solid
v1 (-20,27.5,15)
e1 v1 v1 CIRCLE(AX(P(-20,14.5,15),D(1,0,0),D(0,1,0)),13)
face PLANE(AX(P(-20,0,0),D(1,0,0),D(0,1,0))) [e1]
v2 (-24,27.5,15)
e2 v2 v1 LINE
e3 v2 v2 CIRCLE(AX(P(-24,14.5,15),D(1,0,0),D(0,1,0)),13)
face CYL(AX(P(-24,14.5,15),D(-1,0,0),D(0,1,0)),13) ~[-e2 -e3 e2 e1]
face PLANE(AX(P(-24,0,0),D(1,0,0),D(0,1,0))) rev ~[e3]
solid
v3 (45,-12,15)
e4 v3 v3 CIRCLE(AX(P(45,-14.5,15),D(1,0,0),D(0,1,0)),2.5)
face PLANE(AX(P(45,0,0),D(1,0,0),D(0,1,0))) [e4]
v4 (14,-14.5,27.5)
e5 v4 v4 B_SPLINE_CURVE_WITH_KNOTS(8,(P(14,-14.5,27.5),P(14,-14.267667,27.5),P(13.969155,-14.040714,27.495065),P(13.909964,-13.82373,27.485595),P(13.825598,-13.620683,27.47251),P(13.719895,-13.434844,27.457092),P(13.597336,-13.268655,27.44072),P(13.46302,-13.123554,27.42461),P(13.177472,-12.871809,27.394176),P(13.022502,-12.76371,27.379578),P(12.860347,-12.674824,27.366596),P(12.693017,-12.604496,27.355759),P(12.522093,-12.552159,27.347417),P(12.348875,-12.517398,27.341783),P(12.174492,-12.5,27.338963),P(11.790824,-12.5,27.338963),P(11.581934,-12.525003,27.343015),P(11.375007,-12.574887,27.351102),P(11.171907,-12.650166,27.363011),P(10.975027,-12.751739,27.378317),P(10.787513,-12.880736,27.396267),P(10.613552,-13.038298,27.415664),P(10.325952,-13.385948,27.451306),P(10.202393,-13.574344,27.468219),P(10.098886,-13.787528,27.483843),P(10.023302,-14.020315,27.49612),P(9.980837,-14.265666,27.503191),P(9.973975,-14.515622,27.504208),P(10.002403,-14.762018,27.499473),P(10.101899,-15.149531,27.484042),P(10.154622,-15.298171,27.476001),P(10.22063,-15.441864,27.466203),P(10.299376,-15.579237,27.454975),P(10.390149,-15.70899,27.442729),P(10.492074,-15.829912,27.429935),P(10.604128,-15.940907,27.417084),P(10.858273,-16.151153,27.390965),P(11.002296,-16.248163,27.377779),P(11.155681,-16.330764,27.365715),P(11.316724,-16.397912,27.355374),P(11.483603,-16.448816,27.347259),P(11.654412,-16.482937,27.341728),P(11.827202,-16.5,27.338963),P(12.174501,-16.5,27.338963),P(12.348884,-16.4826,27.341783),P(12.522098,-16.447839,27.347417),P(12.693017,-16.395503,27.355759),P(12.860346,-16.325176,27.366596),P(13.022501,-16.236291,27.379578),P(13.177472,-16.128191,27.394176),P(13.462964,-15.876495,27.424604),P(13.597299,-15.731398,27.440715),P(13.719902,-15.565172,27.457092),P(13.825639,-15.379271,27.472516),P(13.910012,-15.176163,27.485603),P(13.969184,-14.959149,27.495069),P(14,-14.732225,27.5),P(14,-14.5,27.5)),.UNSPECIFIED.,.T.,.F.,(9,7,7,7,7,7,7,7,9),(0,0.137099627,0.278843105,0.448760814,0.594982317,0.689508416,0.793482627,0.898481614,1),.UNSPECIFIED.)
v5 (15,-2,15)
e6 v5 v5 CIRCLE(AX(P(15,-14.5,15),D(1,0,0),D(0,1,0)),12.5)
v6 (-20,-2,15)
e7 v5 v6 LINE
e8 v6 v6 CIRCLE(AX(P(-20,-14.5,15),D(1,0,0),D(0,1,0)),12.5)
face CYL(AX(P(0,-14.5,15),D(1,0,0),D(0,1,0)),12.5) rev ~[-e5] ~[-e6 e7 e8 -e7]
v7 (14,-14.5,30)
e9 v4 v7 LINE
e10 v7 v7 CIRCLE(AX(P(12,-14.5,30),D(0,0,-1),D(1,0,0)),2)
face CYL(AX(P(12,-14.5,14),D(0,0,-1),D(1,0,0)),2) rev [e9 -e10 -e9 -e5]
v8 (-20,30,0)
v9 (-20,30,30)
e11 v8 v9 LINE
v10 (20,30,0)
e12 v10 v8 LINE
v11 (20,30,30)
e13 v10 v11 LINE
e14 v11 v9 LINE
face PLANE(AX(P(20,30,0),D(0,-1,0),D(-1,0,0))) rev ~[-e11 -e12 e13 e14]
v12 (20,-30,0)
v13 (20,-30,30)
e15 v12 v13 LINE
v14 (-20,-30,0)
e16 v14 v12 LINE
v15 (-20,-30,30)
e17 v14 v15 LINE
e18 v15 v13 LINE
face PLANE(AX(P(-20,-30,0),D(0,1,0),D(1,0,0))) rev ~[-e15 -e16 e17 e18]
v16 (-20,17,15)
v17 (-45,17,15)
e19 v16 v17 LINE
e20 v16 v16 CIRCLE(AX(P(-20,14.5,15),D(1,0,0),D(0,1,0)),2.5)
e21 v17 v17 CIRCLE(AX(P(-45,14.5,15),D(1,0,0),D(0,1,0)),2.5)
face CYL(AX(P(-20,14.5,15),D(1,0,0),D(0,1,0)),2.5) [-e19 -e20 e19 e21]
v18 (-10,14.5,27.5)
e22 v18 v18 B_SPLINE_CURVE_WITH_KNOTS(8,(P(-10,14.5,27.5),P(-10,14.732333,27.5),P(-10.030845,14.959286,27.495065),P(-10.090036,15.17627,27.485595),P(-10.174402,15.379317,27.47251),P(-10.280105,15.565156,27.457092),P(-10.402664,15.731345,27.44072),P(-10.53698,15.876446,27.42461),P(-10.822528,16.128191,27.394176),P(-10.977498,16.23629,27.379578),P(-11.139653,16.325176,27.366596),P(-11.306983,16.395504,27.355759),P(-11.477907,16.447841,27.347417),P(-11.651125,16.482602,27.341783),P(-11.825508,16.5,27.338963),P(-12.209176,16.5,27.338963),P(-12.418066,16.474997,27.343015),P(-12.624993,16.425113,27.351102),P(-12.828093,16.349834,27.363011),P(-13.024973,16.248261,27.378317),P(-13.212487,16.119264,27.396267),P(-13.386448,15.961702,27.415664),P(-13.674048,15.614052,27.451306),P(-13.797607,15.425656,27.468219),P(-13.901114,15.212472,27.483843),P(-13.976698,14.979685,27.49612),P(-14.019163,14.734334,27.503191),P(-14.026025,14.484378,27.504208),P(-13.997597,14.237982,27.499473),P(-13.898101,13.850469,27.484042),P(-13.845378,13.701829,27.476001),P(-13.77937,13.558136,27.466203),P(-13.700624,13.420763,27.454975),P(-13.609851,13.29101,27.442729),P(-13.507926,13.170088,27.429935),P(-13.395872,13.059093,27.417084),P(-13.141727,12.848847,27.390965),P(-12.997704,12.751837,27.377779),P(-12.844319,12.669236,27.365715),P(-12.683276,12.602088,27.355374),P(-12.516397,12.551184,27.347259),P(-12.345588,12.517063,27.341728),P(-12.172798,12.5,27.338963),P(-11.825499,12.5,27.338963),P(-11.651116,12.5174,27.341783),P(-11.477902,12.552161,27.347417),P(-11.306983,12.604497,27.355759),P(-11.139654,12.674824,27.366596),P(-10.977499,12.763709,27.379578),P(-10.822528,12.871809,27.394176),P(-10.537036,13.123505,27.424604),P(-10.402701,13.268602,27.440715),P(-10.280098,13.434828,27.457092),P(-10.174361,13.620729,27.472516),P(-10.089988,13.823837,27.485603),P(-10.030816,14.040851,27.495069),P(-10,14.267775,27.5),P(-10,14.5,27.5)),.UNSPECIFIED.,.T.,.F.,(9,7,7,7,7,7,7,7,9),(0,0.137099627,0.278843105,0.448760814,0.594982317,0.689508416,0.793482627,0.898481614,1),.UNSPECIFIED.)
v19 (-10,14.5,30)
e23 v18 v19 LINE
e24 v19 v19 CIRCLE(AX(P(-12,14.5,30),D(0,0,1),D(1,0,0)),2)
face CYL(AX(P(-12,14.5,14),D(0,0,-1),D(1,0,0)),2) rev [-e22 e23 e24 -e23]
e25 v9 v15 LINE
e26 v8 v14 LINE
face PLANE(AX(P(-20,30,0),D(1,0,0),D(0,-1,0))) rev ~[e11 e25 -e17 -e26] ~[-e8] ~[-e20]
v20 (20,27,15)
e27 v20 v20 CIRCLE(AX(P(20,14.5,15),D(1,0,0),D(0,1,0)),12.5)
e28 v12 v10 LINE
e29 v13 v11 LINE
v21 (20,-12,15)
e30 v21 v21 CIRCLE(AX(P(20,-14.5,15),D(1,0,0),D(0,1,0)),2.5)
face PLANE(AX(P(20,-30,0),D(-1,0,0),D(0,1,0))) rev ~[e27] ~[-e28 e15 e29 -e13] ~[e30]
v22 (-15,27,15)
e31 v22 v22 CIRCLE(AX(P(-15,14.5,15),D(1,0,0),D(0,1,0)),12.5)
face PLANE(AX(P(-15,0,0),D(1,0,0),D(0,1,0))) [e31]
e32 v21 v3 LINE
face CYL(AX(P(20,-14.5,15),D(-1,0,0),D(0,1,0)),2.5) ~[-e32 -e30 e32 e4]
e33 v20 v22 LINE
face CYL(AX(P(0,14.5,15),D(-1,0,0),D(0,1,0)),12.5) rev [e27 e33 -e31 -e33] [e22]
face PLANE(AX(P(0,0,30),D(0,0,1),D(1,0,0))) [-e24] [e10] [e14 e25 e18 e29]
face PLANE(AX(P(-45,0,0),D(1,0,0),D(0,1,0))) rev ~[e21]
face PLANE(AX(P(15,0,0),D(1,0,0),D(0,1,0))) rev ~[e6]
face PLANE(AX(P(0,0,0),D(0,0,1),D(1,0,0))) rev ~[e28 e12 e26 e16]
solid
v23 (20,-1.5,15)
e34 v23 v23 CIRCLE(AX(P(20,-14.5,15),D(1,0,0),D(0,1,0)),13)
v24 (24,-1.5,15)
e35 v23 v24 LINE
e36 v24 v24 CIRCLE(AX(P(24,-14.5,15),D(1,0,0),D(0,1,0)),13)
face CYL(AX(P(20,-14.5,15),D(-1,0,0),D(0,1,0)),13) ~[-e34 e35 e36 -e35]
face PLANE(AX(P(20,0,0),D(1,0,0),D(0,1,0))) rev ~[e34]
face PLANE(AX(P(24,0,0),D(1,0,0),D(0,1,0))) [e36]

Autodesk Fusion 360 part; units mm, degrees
sketch "Sketch1" plane through (0, 0, 0) normal (0, 0, 1) x (1, 0, 0)
  line L0 (-20, -30) -> (20, -30)
  line L1 (20, -30) -> (20, 30)
  line L2 (20, 30) -> (-20, 30)
  line L3 (-20, 30) -> (-20, -30)
extrude "Extrude1" add sketch "Sketch1" along normal blind 30 makes body 1
sketch "Sketch3" plane through (0, 0, 0) normal (1, 0, 0) x (0, 1, 0)
  circle A0 centre (14.5, 15) radius 12.5
  circle A1 centre (-14.5, 15) radius 12.5
extrude "Extrude2" cut sketch "Sketch3" along normal blind 20 and the other way blind 15 contours A0 bodies 1
extrude "Extrude3" cut sketch "Sketch3" along normal blind 15 and the other way blind 20 contours A1 bodies 1
sketch "Sketch4" plane through (0, 0, 0) normal (0, 0, 1) x (1, 0, 0)
  line L0 (0, -14.5) -> (12, -14.5)
  circle A0 centre (12, -14.5) radius 2
  line L1 (0, 14.5) -> (-12, 14.5)
  circle A1 centre (-12, 14.5) radius 2
  dimension "d18" = 12
  dimension "d19" = 4
  dimension "d20" = 4
extrude "Extrude4" cut sketch "Sketch4" along normal blind 30 and the other way blind -14 bodies 1
sketch "Sketch5" plane through (0, 0, 0) normal (1, 0, 0) x (0, 1, 0)
  circle A0 centre (14.5, 15) radius 2.5
  dimension "d44" = 5
extrude "Extrude5" add sketch "Sketch5" along normal blind -45 and the other way blind 20 bodies 1
sketch "Sketch6" plane through (0, 0, 0) normal (1, 0, 0) x (0, 1, 0)
  circle A0 centre (-14.5, 15) radius 2.5
  dimension "d38" = 5
extrude "Extrude6" add sketch "Sketch6" along normal blind 45 and the other way blind -20 bodies 1
sketch "Sketch7" plane through (0, 0, 0) normal (1, 0, 0) x (0, 1, 0)
  circle A0 centre (-14.5, 15) radius 13
  dimension "d33" = 26
extrude "Extrude7" add sketch "Sketch7" along normal blind 24 and the other way blind -20 separate body makes body 2
sketch "Sketch8" plane through (0, 0, 0) normal (1, 0, 0) x (0, 1, 0)
  circle A0 centre (14.5, 15) radius 13
  dimension "d39" = 26
extrude "Extrude8" add sketch "Sketch8" along normal blind -20 and the other way blind 24 separate body makes body 3
